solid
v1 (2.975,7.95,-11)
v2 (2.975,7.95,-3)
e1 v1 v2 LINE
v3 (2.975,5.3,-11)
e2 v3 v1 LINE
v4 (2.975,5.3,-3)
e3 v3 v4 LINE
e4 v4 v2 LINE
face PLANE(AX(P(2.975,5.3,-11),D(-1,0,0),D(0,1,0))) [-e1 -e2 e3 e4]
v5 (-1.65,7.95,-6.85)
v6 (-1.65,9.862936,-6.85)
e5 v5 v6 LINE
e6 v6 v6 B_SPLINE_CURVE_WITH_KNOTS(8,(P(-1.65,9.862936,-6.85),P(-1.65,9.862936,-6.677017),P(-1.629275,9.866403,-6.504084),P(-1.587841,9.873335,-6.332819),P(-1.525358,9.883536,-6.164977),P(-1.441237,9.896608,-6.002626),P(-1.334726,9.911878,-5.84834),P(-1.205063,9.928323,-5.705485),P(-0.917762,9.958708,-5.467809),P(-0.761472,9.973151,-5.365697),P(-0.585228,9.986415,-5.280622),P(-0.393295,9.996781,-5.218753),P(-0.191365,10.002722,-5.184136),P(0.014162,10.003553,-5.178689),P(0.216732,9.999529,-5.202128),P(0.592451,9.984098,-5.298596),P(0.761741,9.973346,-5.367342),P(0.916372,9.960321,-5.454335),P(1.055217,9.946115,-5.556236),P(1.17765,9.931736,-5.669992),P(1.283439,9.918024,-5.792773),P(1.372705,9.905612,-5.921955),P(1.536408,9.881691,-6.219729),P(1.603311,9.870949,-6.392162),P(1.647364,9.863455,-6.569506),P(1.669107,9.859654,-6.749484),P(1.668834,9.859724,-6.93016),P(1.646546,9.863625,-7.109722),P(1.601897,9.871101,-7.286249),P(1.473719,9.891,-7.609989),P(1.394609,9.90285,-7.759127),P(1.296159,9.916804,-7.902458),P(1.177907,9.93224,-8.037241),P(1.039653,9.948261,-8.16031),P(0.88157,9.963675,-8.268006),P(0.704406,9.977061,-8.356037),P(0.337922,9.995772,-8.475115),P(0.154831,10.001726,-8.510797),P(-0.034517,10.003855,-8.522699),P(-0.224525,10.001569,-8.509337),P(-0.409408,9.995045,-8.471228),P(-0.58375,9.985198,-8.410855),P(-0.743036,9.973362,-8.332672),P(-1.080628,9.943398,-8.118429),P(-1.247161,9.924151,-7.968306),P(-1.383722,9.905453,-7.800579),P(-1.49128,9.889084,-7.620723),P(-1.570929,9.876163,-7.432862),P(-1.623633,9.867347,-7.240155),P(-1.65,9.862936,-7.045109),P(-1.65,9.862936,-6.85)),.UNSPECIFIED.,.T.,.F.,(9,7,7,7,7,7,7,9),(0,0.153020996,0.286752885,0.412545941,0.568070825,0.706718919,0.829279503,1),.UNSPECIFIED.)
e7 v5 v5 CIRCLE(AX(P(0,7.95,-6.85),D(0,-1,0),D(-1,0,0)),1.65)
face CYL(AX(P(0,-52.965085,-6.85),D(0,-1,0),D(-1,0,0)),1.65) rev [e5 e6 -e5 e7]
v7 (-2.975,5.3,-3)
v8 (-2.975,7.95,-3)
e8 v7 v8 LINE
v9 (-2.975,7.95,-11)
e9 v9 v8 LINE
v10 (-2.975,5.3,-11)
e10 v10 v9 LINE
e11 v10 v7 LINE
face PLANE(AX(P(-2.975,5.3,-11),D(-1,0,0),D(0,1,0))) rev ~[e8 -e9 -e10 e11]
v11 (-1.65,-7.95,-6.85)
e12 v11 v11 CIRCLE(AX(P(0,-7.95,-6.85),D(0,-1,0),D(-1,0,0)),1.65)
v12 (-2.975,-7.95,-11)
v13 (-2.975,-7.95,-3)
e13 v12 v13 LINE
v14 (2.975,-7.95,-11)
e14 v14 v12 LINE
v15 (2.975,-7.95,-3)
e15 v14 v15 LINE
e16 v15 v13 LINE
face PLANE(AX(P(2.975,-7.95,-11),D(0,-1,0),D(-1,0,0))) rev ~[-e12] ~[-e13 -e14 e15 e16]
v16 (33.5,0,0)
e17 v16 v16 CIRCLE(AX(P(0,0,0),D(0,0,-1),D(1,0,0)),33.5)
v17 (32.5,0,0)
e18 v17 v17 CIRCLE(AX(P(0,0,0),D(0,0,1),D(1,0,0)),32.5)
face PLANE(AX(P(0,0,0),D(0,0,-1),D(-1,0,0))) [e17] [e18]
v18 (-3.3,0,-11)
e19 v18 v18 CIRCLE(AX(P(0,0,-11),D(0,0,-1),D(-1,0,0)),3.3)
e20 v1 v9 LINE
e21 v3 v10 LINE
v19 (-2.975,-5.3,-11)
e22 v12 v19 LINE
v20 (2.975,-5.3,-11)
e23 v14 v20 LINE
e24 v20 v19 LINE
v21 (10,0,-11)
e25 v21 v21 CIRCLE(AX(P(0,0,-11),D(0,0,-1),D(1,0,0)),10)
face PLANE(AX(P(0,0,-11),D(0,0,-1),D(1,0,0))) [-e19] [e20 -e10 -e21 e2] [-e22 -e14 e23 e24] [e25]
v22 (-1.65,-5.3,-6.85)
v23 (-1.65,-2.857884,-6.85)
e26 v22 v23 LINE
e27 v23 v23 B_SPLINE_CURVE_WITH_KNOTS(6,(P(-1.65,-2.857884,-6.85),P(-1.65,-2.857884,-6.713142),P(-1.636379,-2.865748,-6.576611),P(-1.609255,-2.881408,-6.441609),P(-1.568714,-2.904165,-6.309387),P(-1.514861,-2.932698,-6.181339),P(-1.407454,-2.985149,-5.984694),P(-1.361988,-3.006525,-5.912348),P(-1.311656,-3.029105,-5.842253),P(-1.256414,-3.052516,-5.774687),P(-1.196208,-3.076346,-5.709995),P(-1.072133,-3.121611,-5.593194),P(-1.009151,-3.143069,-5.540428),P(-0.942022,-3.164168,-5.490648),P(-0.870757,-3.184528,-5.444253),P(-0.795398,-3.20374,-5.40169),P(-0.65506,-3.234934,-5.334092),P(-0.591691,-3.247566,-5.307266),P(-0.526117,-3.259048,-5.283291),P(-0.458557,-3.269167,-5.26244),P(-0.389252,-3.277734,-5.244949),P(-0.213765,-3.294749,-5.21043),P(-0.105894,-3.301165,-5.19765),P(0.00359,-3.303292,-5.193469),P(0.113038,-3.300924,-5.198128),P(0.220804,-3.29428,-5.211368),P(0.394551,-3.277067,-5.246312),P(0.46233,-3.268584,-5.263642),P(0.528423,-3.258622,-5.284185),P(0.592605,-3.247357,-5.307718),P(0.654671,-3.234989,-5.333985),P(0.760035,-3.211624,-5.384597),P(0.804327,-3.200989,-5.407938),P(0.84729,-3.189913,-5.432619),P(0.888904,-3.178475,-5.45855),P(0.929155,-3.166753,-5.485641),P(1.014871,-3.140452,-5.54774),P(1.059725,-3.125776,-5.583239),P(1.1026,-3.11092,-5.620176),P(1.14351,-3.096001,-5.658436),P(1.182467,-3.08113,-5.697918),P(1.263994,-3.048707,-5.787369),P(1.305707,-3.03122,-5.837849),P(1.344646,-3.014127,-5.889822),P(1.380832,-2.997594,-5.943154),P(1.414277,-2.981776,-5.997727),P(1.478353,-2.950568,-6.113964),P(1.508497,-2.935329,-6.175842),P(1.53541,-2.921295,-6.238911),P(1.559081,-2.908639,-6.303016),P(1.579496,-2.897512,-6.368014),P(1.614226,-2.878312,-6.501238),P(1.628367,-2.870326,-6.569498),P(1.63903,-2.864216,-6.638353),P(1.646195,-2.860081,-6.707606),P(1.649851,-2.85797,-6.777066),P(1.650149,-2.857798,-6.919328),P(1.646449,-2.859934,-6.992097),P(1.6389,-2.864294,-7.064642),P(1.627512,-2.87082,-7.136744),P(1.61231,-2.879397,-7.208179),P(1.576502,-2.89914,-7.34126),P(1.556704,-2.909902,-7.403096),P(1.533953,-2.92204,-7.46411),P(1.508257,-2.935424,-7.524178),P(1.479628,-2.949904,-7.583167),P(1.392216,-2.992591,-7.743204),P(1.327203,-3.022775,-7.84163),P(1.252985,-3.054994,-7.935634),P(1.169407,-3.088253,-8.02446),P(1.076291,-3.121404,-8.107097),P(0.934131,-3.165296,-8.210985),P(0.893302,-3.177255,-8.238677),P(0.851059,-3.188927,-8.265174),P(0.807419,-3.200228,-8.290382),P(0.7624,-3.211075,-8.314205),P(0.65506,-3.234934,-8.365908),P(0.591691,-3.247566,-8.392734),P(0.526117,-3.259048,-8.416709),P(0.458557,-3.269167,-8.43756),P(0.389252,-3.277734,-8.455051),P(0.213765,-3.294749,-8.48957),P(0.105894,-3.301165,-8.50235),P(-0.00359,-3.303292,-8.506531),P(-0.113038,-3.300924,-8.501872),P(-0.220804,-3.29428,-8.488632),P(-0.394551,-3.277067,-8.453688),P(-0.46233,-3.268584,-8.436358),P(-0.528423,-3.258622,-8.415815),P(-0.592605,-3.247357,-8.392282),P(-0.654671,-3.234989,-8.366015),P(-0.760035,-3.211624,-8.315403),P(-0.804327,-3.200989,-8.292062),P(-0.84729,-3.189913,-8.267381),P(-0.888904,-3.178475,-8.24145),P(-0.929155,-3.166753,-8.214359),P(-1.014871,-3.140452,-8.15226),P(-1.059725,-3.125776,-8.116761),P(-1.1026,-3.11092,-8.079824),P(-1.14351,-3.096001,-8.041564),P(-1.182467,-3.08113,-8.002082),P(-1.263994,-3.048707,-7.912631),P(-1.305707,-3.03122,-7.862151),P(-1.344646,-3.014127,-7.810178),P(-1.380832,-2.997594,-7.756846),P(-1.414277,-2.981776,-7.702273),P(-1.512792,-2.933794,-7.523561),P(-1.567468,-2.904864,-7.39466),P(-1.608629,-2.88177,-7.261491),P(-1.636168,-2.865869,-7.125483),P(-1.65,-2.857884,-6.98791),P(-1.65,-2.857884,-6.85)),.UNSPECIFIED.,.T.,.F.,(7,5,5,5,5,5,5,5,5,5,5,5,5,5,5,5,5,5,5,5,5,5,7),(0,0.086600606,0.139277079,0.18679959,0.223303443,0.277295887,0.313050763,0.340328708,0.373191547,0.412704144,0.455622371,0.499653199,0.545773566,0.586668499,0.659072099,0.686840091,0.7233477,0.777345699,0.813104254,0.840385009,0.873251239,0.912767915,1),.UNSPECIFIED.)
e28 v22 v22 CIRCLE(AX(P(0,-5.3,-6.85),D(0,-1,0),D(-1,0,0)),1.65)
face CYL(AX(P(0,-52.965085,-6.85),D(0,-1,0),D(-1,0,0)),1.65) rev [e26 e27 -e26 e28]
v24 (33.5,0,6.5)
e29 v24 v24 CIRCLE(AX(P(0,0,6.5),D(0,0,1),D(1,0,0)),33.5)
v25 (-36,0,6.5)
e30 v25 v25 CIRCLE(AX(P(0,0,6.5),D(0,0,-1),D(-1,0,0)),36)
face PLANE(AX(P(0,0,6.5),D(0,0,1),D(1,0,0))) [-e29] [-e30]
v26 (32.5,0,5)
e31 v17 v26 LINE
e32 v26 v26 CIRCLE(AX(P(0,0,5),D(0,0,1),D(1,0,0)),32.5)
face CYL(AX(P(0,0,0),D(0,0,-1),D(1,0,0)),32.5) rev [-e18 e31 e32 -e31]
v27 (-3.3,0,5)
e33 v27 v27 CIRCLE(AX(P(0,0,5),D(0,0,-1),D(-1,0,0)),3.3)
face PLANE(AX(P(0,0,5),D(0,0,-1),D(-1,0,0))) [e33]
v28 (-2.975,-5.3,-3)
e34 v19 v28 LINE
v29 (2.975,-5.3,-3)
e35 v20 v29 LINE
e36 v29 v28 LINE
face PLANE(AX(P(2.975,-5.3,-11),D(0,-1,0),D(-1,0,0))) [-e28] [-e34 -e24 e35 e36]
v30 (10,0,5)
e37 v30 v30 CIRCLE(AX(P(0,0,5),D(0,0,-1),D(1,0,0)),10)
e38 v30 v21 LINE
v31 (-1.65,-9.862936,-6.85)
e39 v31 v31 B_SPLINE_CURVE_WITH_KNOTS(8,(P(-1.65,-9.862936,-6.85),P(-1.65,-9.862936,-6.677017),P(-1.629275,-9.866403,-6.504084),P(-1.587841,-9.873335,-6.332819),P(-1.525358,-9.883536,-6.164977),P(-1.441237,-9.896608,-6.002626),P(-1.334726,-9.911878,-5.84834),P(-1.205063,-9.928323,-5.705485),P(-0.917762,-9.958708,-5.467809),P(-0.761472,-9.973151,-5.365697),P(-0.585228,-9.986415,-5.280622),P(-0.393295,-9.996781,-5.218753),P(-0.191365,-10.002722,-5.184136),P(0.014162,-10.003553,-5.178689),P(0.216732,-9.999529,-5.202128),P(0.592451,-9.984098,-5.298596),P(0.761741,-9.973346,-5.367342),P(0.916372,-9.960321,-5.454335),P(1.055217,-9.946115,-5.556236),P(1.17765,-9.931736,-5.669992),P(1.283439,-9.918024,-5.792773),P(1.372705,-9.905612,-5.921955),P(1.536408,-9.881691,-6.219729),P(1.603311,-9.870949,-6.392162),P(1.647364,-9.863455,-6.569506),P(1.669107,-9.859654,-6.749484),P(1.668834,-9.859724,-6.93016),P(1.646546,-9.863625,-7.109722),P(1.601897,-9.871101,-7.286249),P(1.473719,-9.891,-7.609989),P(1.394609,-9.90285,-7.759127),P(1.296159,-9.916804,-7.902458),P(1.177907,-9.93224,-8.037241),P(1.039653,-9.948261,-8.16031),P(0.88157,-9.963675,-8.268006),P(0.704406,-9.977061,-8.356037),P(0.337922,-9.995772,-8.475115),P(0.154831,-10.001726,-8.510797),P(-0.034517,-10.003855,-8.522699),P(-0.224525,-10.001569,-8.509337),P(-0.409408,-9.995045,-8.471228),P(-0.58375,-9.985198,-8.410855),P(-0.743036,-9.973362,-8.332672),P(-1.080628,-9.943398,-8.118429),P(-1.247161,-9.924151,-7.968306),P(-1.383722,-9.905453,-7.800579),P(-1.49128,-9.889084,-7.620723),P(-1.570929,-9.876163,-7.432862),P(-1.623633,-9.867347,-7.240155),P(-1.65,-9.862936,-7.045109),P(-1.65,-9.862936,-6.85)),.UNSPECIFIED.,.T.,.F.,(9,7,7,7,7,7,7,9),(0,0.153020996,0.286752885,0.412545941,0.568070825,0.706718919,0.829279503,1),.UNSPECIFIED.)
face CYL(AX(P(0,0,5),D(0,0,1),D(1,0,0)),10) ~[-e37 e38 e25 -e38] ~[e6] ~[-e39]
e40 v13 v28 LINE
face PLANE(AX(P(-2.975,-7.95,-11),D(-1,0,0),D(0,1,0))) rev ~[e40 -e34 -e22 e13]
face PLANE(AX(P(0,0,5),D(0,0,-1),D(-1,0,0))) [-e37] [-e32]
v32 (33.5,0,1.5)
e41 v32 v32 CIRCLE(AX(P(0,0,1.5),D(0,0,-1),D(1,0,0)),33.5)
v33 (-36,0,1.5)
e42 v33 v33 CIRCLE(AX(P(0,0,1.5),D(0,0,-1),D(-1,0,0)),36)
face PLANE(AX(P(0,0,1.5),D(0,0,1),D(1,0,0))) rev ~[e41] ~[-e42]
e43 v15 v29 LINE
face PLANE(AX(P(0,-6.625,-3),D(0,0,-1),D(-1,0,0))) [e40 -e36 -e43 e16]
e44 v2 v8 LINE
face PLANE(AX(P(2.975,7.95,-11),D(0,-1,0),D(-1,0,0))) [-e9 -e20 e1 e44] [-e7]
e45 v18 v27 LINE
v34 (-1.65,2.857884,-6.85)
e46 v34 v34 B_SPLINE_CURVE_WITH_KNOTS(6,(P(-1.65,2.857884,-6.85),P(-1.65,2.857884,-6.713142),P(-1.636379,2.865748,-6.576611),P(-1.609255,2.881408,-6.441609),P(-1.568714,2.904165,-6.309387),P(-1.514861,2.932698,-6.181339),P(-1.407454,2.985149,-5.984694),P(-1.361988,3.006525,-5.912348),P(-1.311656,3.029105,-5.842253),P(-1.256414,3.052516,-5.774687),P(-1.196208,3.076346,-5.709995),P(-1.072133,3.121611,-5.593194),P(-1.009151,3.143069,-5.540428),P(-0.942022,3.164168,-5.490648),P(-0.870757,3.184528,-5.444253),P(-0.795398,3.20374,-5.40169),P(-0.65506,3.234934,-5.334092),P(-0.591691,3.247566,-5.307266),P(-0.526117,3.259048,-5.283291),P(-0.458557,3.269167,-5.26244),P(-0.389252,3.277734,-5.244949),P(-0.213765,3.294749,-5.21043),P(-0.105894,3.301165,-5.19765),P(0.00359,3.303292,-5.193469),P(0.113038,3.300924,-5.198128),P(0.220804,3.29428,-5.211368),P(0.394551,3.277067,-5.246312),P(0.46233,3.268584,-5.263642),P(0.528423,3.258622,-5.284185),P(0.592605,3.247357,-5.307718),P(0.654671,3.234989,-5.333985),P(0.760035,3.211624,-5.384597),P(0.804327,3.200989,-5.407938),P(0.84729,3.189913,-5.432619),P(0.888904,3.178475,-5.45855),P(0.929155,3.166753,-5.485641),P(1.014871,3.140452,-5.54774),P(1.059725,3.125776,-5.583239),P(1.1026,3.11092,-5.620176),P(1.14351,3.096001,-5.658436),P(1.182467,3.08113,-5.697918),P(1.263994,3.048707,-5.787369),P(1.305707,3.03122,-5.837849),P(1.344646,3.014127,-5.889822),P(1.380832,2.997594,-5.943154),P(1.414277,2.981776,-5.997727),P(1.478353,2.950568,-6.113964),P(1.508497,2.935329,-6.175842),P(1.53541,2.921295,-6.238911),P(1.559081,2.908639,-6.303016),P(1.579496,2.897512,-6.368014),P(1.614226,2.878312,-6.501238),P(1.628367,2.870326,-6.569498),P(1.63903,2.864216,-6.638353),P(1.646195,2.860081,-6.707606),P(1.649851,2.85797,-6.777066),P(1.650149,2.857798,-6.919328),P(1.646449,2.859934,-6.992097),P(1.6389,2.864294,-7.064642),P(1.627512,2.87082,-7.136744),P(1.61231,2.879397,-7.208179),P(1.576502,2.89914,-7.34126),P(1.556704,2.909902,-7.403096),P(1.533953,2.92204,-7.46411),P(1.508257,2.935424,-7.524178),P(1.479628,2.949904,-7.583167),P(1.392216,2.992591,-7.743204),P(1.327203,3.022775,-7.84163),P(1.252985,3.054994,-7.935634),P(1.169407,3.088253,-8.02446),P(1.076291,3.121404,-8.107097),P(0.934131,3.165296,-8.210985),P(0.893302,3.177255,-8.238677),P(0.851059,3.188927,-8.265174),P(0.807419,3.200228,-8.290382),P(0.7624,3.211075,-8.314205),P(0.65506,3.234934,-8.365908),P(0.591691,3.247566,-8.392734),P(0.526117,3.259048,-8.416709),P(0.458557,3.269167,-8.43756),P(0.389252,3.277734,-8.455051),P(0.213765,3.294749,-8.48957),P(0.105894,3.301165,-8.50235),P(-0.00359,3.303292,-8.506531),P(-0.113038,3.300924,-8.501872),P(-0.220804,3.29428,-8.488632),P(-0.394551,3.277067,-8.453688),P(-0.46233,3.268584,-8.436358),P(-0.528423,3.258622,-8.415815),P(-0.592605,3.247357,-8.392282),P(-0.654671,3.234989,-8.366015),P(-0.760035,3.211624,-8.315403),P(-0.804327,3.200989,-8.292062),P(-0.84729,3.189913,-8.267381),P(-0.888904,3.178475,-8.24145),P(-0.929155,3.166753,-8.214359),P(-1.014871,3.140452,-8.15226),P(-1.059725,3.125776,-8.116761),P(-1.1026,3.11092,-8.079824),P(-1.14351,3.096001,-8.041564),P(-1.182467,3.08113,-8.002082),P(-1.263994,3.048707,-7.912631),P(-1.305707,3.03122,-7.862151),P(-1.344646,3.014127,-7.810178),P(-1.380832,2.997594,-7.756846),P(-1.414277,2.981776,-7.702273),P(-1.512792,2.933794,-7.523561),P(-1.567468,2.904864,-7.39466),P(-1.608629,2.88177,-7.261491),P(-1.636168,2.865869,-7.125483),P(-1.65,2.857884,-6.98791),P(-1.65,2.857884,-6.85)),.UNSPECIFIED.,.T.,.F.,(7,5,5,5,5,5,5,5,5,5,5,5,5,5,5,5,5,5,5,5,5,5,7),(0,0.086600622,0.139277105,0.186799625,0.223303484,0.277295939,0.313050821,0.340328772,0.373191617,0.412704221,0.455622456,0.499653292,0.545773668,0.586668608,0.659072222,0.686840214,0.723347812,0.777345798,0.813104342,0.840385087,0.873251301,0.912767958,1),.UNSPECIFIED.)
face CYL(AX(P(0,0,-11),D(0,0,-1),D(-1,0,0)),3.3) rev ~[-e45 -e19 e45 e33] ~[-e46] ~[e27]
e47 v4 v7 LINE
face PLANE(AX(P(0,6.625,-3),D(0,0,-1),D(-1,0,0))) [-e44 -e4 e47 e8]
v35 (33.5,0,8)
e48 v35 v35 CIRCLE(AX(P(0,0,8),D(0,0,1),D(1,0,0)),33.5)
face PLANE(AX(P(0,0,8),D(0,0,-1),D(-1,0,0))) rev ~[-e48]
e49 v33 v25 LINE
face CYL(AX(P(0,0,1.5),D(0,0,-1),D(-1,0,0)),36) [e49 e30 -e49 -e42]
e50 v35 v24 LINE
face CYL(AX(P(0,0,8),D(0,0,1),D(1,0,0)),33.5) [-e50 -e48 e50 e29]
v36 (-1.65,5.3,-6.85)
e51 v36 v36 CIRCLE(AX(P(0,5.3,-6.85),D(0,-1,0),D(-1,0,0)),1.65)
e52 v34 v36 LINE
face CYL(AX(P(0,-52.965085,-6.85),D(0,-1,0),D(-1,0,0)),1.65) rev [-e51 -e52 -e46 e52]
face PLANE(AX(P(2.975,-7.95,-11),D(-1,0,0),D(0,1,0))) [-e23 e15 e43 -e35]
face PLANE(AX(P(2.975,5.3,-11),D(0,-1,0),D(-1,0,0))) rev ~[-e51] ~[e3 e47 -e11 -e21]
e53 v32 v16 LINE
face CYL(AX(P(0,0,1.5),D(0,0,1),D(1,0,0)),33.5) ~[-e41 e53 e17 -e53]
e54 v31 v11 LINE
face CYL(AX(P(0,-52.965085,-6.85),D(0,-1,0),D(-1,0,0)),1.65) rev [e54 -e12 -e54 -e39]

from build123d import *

# Parameters (mm, degrees)
ESBO_O1_R                     = 35
ESBO_O1_R_2                   = 32.5
RESSALTO_EXTRUS_O1_DEPTH      = 8
RESSALTO_EXTRUS_O2_START      = -3
ESBO_O2_R                     = 32.5
RESSALTO_EXTRUS_O2_DEPTH      = 3
ESBO_O3_R                     = 2.5
CORTE_EXTRUS_O1_DEPTH         = 3
RESSALTO_EXTRUS_O3_DEPTH      = 5
RESSALTO_EXTRUS_O3_DEPTH_BACK = 3
ESBO_O4_R                     = 37
ESBO_O4_R_2                   = 35
ESBO_O5_W                     = 1.8
ESBO_O5_H                     = 3
ESBO_O6_R                     = 12.55
RESSALTO_EXTRUS_O4_DEPTH      = 5
CORTE_EXTRUS_O2_DEPTH         = 53.933921071
CORTE_EXTRUS_O2_DEPTH_BACK    = 53.933921071
ESBO_O7_R                     = 7.55
RESSALTO_EXTRUS_O5_START      = -8
ESBO_O8_R                     = 37
ESBO_O8_R_2                   = 32.5
RESSALTO_EXTRUS_O5_DEPTH      = 8
ESBO_O9_R                     = 37
ESBO_O9_R_2                   = 33.5
CORTE_EXTRUS_O8_DEPTH         = 1.5
CORTE_EXTRUS_O9_START         = -1.5
ESBO_O12_R                    = 37
ESBO_O12_R_2                  = 33.5
CORTE_EXTRUS_O9_DEPTH         = 1.5
CORTE_EXTRUS_O10_START        = -10
ESBO_O13_R                    = 37
ESBO_O13_R_2                  = 36
CORTE_EXTRUS_O10_DEPTH        = 10
ESBO_O14_R                    = 37
ESBO_O14_R_2                  = 36
RESSALTO_EXTRUS_O6_DEPTH      = 5
ESBO_O15_R                    = 12.55
CORTE_EXTRUS_O11_DEPTH        = 53.933921071
ESBO_O16_R                    = 12.55
RESSALTO_EXTRUS_O7_DEPTH      = 3
ESBO_O17_R                    = 10
RESSALTO_EXTRUS_O8_DEPTH      = 16
ESBO_O18_R                    = 3.3
CORTE_EXTRUS_O12_DEPTH        = 16
ESBO_O19_W                    = 5.95
ESBO_O19_H                    = 2.65
CORTE_EXTRUS_O13_DEPTH        = 8
CORTE_EXTRUS_O14_DEPTH        = 58.265085349
CORTE_EXTRUS_O14_DEPTH_BACK   = 58.265085349
ESBO_O21_R                    = 1.65
ESBO_O23_R                    = 37
ESBO_O23_R_2                  = 36
CORTE_EXTRUS_O15_DEPTH        = 54.798234195


with BuildPart() as part:
    # Esboço1 → Ressalto-extrusão1 (new body)
    with BuildSketch(Plane.XY):
        Circle(ESBO_O1_R)
        Circle(ESBO_O1_R_2, mode=Mode.SUBTRACT)
    extrude(amount=RESSALTO_EXTRUS_O1_DEPTH)

    # Esboço2 → Ressalto-extrusão2 (add)
    with BuildSketch(Plane.XY.offset(8).offset(RESSALTO_EXTRUS_O2_START)):
        Circle(ESBO_O2_R)
    extrude(amount=RESSALTO_EXTRUS_O2_DEPTH)

    # Esboço3 → Corte-extrusão1 (cut)
    with BuildSketch(Plane.XY.offset(8)):
        Circle(ESBO_O3_R)
    extrude(amount=-CORTE_EXTRUS_O1_DEPTH, mode=Mode.SUBTRACT)

    # Esboço4 → Ressalto-extrusão3 (add, two sides: drawn at the far end of the back side and taken through both)
    with BuildSketch(Plane(origin=(0, 0, 5), x_dir=(-1, 0, 0), z_dir=(0, 0, -1)).offset(-RESSALTO_EXTRUS_O3_DEPTH_BACK)):
        Circle(ESBO_O4_R)
        Circle(ESBO_O4_R_2, mode=Mode.SUBTRACT)
    extrude(amount=RESSALTO_EXTRUS_O3_DEPTH + RESSALTO_EXTRUS_O3_DEPTH_BACK)

    # Esboço5 → Corte-Revolução1 (revolve, cut)
    with BuildSketch(Plane(origin=(0, 0, 0), x_dir=(1, 0, 0), z_dir=(0, 1, 0))):
        with Locations((-36.1, -2.5)):
            Rectangle(ESBO_O5_W, ESBO_O5_H)
        with Locations((-36.1, -5.5)):
            Rectangle(ESBO_O5_W, ESBO_O5_H)
    revolve(axis=Axis((0, 0, 8), (0, 0, -1)), mode=Mode.SUBTRACT)

    # Esboço6 → Ressalto-extrusão4 (add)
    with BuildSketch(Plane(origin=(0, 0, 5), x_dir=(-1, 0, 0), z_dir=(0, 0, -1))):
        with Locations(Location((0, 0, 0), (0, 0, 180))):
            Circle(ESBO_O6_R)
    extrude(amount=RESSALTO_EXTRUS_O4_DEPTH)

    # Esboço7 → Corte-extrusão2 (cut, two sides: drawn at the far end of the back side and taken through both)
    with BuildSketch(Plane(origin=(0, 0, 0), x_dir=(-1, 0, 0), z_dir=(0, 0, -1)).offset(-CORTE_EXTRUS_O2_DEPTH_BACK)):
        Circle(ESBO_O7_R)
    extrude(amount=CORTE_EXTRUS_O2_DEPTH + CORTE_EXTRUS_O2_DEPTH_BACK, mode=Mode.SUBTRACT)

    # Esboço8 → Ressalto-extrusão5 (add)
    with BuildSketch(Plane.XY.offset(8).offset(RESSALTO_EXTRUS_O5_START)):
        with Locations(Location((0, 0, 0), (0, 0, 180))):
            Circle(ESBO_O8_R)
        Circle(ESBO_O8_R_2, mode=Mode.SUBTRACT)
    extrude(amount=RESSALTO_EXTRUS_O5_DEPTH)

    # Esboço9 → Corte-extrusão8 (cut)
    with BuildSketch(Plane.XY.offset(8)):
        with Locations(Location((0, 0, 0), (0, 0, 180))):
            Circle(ESBO_O9_R)
        Circle(ESBO_O9_R_2, mode=Mode.SUBTRACT)
    extrude(amount=-CORTE_EXTRUS_O8_DEPTH, mode=Mode.SUBTRACT)

    # Esboço12 → Corte-extrusão9 (cut)
    with BuildSketch(Plane(origin=(0, 0, 0), x_dir=(-1, 0, 0), z_dir=(0, 0, -1)).offset(CORTE_EXTRUS_O9_START)):
        Circle(ESBO_O12_R)
        with Locations(Location((0, 0, 0), (0, 0, 180))):
            Circle(ESBO_O12_R_2, mode=Mode.SUBTRACT)
    extrude(amount=CORTE_EXTRUS_O9_DEPTH, mode=Mode.SUBTRACT)

    # Esboço13 → Corte-extrusão10 (cut)
    with BuildSketch(Plane(origin=(0, 0, 1.5), x_dir=(-1, 0, 0), z_dir=(0, 0, -1)).offset(CORTE_EXTRUS_O10_START)):
        Circle(ESBO_O13_R)
        Circle(ESBO_O13_R_2, mode=Mode.SUBTRACT)
    extrude(amount=CORTE_EXTRUS_O10_DEPTH, mode=Mode.SUBTRACT)

    # Esboço14 → Ressalto-extrusão6 (add)
    with BuildSketch(Plane.XY.offset(6.5)):
        Circle(ESBO_O14_R)
        Circle(ESBO_O14_R_2, mode=Mode.SUBTRACT)
    extrude(amount=-RESSALTO_EXTRUS_O6_DEPTH)

    # Esboço15 → Corte-extrusão11 (cut, through all)
    with BuildSketch(Plane(origin=(0, 0, 0), x_dir=(-1, 0, 0), z_dir=(0, 0, -1))):
        Circle(ESBO_O15_R)
    extrude(amount=-CORTE_EXTRUS_O11_DEPTH, mode=Mode.SUBTRACT)

    # Esboço16 → Ressalto-extrusão7 (add, through all)
    with BuildSketch(Plane(origin=(0, 0, 5), x_dir=(-1, 0, 0), z_dir=(0, 0, -1))):
        Circle(ESBO_O16_R)
    extrude(amount=-RESSALTO_EXTRUS_O7_DEPTH)

    # Esboço17 → Ressalto-extrusão8 (add)
    with BuildSketch(Plane(origin=(0, 0, 5), x_dir=(-1, 0, 0), z_dir=(0, 0, -1))):
        with Locations(Location((0, 0, 0), (0, 0, 180))):
            Circle(ESBO_O17_R)
    extrude(amount=RESSALTO_EXTRUS_O8_DEPTH)

    # Esboço18 → Corte-extrusão12 (cut)
    with BuildSketch(Plane(origin=(0, 0, -11), x_dir=(-1, 0, 0), z_dir=(0, 0, -1))):
        Circle(ESBO_O18_R)
    extrude(amount=-CORTE_EXTRUS_O12_DEPTH, mode=Mode.SUBTRACT)

    # Esboço19 → Corte-extrusão13 (cut)
    with BuildSketch(Plane(origin=(0, 0, -11), x_dir=(-1, 0, 0), z_dir=(0, 0, -1))):
        with Locations((0, -6.625)):
            Rectangle(ESBO_O19_W, ESBO_O19_H)
        with Locations((0, 6.625)):
            Rectangle(ESBO_O19_W, ESBO_O19_H)
    extrude(amount=-CORTE_EXTRUS_O13_DEPTH, mode=Mode.SUBTRACT)

    # Esboço21 → Corte-extrusão14 (cut, two sides: drawn at the far end of the back side and taken through both)
    with BuildSketch(Plane(origin=(0, 5.3, 0), x_dir=(1, 0, 0), z_dir=(0, 1, 0)).offset(-CORTE_EXTRUS_O14_DEPTH_BACK)):
        with Locations(Location((0, 6.85, 0), (0, 0, 180))):
            Circle(ESBO_O21_R)
    extrude(amount=CORTE_EXTRUS_O14_DEPTH + CORTE_EXTRUS_O14_DEPTH_BACK, mode=Mode.SUBTRACT)

    # Esboço23 → Corte-extrusão15 (cut, through all)
    with BuildSketch(Plane(origin=(0, 0, 1.5), x_dir=(-1, 0, 0), z_dir=(0, 0, -1))):
        Circle(ESBO_O23_R)
        Circle(ESBO_O23_R_2, mode=Mode.SUBTRACT)
    extrude(amount=-CORTE_EXTRUS_O15_DEPTH, mode=Mode.SUBTRACT)


solid = part.part
